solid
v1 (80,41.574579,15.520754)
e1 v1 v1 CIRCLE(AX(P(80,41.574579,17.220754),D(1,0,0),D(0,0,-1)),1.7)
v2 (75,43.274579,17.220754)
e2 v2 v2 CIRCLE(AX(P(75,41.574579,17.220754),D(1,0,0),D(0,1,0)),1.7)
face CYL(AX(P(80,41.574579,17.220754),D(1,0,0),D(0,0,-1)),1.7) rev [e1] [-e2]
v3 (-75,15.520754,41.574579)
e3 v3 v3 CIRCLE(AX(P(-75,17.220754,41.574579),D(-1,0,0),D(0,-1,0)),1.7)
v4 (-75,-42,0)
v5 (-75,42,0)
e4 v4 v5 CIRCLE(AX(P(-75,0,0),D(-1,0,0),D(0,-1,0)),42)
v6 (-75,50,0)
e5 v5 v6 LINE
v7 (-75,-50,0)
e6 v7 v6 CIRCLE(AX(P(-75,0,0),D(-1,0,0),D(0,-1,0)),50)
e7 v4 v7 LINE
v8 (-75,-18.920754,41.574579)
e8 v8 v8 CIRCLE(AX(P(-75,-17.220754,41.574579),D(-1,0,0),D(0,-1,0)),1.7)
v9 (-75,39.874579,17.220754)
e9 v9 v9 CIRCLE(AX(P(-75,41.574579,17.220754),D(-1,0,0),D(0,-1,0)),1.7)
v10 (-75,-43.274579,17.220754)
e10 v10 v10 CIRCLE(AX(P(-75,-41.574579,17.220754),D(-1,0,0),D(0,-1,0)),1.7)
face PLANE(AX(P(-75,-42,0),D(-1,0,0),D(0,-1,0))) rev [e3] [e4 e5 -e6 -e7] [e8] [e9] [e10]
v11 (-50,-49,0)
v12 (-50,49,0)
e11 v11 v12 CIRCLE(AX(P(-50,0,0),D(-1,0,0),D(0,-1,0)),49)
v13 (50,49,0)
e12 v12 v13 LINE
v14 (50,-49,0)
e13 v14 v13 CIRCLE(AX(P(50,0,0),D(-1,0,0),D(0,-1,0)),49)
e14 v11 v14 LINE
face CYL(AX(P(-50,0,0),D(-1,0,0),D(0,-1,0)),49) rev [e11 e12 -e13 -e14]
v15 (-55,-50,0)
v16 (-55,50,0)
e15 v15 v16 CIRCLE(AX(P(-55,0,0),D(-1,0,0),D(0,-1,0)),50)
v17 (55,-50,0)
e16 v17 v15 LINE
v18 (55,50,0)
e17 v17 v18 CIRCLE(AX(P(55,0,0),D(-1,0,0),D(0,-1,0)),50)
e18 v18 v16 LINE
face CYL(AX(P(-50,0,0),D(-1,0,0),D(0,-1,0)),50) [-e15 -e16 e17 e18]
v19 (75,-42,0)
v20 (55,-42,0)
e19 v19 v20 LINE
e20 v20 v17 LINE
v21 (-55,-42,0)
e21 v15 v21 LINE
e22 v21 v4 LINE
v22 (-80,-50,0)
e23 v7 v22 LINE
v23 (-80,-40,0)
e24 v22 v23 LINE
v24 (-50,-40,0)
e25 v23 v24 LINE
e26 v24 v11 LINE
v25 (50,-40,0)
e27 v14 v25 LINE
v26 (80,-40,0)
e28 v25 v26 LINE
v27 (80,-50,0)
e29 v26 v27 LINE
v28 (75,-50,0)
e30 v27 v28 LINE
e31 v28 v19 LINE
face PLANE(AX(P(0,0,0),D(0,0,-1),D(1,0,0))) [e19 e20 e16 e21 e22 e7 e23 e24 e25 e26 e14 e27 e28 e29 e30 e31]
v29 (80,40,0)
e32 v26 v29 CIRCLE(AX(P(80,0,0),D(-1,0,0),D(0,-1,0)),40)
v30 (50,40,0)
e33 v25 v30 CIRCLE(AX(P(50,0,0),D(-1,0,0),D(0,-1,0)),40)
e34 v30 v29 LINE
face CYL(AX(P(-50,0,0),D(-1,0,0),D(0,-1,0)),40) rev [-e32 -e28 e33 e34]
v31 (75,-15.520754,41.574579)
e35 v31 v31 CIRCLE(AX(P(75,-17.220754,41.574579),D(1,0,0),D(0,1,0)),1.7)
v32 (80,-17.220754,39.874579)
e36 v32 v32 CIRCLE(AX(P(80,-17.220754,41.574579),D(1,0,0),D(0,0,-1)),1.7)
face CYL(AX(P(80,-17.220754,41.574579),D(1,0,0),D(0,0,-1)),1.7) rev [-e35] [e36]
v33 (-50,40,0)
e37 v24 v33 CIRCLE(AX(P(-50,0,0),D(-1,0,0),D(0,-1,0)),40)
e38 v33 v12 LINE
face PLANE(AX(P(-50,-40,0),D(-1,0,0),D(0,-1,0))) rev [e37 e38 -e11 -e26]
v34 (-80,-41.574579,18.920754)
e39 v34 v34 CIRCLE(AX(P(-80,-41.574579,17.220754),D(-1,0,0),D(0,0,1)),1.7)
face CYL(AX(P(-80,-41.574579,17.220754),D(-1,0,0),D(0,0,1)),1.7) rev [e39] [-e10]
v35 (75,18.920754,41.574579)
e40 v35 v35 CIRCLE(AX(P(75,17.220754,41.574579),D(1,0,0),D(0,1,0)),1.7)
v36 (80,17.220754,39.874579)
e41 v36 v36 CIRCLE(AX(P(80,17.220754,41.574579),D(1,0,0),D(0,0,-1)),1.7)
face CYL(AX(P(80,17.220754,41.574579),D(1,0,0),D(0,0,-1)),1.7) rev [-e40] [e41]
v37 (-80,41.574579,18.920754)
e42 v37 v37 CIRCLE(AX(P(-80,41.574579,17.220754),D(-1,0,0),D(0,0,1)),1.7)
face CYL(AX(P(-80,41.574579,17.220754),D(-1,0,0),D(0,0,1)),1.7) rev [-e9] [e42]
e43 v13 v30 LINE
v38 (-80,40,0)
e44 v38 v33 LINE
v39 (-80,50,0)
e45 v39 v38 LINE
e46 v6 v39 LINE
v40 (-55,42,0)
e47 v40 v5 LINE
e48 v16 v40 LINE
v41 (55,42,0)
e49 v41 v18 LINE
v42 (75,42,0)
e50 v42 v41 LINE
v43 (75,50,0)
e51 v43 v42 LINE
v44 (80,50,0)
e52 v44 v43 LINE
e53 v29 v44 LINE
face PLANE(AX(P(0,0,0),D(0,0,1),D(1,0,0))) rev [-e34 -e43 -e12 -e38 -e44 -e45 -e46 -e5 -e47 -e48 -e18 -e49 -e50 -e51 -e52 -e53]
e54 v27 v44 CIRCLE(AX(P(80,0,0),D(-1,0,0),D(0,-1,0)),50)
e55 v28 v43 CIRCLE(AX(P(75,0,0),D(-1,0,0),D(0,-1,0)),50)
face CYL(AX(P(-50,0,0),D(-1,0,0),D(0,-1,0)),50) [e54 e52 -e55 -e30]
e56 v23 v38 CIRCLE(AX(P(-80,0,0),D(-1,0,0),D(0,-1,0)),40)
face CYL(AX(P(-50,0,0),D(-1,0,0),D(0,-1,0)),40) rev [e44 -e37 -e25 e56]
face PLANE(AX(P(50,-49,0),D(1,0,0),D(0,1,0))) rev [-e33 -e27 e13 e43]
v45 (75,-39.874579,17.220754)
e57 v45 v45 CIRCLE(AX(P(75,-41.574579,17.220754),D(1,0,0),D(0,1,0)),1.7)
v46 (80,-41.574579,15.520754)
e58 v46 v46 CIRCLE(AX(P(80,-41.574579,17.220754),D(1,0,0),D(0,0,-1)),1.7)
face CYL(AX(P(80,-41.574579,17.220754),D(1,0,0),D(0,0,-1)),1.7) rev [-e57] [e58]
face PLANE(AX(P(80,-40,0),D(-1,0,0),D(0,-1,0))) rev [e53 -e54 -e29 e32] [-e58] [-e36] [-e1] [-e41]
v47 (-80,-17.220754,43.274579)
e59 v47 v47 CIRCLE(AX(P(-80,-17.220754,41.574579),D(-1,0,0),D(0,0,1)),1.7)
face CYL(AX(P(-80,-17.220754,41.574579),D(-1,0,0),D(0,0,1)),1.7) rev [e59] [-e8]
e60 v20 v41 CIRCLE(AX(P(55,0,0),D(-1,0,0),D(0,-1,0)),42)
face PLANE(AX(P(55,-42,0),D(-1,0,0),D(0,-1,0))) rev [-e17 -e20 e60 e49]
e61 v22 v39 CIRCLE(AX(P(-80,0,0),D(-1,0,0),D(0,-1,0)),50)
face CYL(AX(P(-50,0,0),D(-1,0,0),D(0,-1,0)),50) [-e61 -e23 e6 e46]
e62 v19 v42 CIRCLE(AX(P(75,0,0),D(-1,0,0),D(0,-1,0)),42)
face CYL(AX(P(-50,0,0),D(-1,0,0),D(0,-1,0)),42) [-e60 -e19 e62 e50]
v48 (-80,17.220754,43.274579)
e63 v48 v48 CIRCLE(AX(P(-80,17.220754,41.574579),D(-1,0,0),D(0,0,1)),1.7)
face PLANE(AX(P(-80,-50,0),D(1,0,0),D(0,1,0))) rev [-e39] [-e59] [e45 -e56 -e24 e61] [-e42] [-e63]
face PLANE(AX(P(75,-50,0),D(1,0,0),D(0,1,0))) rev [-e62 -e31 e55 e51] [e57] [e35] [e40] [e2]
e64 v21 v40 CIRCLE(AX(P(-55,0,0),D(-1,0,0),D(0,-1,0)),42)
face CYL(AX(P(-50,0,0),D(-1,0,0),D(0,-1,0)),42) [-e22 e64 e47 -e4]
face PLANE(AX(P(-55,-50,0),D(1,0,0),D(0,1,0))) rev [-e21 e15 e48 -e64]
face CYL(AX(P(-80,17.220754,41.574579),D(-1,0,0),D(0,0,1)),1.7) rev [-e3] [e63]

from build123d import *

# Parameters (mm, degrees)
REVOLVE_1_ANGLE          = 180
HOLE_WIZARD_M3_1_D       = 3.4
HOLE_WIZARD_M3_1_DEPTH   = 5
PATTERN_CIRCULAR_1_COUNT = 4
PATTERN_CIRCULAR_1_ANGLE = 135
MIRROR_1_COPY_1_D        = 3.4
MIRROR_1_COPY_1_DEPTH    = 5
MIRROR_1_COPY_2_D        = 3.4
MIRROR_1_COPY_2_DEPTH    = 5
MIRROR_1_COPY_3_D        = 3.4
MIRROR_1_COPY_3_DEPTH    = 5


with BuildPart() as part:
    # ｽｹｯﾁ1 → 回転1 (revolve)
    with BuildSketch(Plane.XY):
        Polygon((-80, 40), (-50, 40), (-50, 49), (50, 49), (50, 40), (80, 40), (80, 50), (75, 50), (75, 42), (55, 42), (55, 50), (-55, 50), (-55, 42), (-75, 42), (-75, 50), (-80, 50), align=None)
    revolve(axis=Axis((-50, 0, 0), (1, 0, 0)), revolution_arc=REVOLVE_1_ANGLE)

    # M3 すきま穴1
    with Locations(Plane.ZY.offset(80)):
        with Locations((17.220754456, -41.574578963)):
            hole_wizard_m3_1 = Hole(HOLE_WIZARD_M3_1_D / 2, depth=HOLE_WIZARD_M3_1_DEPTH)

    # 円形ﾊﾟﾀｰﾝ1: M3 すきま穴1 ×4 about axis
    pattern_circular_1_axis = Axis((0, 0, 0), (-1, 0, 0))
    for i in range(1, PATTERN_CIRCULAR_1_COUNT):
        add(hole_wizard_m3_1.rotate(pattern_circular_1_axis, i * PATTERN_CIRCULAR_1_ANGLE / (PATTERN_CIRCULAR_1_COUNT - 1)), mode=Mode.SUBTRACT)

    # ﾐﾗｰ1: M3 すきま穴1 across plane
    add(hole_wizard_m3_1.mirror(Plane(origin=(0, 0, 0), x_dir=(0, 0, 1), z_dir=(1, 0, 0))), mode=Mode.SUBTRACT)

    # ﾐﾗｰ1 copy 1
    with Locations(Plane(origin=(80, 0, 0), x_dir=(0, 0.7071067811865487, 0.7071067811865464), z_dir=(1, 0, 0))):
        with Locations((17.220754456, 41.574578963)):
            Hole(MIRROR_1_COPY_1_D / 2, depth=MIRROR_1_COPY_1_DEPTH)

    # ﾐﾗｰ1 copy 2
    with Locations(Plane.YZ.offset(80)):
        with Locations((17.220754456, 41.574578963)):
            Hole(MIRROR_1_COPY_2_D / 2, depth=MIRROR_1_COPY_2_DEPTH)

    # ﾐﾗｰ1 copy 3
    with Locations(Plane(origin=(80, 0, 0), x_dir=(0, 0.7071067811865441, -0.7071067811865509), z_dir=(1, 0, 0))):
        with Locations((17.220754456, 41.574578963)):
            Hole(MIRROR_1_COPY_3_D / 2, depth=MIRROR_1_COPY_3_DEPTH)


solid = part.part
